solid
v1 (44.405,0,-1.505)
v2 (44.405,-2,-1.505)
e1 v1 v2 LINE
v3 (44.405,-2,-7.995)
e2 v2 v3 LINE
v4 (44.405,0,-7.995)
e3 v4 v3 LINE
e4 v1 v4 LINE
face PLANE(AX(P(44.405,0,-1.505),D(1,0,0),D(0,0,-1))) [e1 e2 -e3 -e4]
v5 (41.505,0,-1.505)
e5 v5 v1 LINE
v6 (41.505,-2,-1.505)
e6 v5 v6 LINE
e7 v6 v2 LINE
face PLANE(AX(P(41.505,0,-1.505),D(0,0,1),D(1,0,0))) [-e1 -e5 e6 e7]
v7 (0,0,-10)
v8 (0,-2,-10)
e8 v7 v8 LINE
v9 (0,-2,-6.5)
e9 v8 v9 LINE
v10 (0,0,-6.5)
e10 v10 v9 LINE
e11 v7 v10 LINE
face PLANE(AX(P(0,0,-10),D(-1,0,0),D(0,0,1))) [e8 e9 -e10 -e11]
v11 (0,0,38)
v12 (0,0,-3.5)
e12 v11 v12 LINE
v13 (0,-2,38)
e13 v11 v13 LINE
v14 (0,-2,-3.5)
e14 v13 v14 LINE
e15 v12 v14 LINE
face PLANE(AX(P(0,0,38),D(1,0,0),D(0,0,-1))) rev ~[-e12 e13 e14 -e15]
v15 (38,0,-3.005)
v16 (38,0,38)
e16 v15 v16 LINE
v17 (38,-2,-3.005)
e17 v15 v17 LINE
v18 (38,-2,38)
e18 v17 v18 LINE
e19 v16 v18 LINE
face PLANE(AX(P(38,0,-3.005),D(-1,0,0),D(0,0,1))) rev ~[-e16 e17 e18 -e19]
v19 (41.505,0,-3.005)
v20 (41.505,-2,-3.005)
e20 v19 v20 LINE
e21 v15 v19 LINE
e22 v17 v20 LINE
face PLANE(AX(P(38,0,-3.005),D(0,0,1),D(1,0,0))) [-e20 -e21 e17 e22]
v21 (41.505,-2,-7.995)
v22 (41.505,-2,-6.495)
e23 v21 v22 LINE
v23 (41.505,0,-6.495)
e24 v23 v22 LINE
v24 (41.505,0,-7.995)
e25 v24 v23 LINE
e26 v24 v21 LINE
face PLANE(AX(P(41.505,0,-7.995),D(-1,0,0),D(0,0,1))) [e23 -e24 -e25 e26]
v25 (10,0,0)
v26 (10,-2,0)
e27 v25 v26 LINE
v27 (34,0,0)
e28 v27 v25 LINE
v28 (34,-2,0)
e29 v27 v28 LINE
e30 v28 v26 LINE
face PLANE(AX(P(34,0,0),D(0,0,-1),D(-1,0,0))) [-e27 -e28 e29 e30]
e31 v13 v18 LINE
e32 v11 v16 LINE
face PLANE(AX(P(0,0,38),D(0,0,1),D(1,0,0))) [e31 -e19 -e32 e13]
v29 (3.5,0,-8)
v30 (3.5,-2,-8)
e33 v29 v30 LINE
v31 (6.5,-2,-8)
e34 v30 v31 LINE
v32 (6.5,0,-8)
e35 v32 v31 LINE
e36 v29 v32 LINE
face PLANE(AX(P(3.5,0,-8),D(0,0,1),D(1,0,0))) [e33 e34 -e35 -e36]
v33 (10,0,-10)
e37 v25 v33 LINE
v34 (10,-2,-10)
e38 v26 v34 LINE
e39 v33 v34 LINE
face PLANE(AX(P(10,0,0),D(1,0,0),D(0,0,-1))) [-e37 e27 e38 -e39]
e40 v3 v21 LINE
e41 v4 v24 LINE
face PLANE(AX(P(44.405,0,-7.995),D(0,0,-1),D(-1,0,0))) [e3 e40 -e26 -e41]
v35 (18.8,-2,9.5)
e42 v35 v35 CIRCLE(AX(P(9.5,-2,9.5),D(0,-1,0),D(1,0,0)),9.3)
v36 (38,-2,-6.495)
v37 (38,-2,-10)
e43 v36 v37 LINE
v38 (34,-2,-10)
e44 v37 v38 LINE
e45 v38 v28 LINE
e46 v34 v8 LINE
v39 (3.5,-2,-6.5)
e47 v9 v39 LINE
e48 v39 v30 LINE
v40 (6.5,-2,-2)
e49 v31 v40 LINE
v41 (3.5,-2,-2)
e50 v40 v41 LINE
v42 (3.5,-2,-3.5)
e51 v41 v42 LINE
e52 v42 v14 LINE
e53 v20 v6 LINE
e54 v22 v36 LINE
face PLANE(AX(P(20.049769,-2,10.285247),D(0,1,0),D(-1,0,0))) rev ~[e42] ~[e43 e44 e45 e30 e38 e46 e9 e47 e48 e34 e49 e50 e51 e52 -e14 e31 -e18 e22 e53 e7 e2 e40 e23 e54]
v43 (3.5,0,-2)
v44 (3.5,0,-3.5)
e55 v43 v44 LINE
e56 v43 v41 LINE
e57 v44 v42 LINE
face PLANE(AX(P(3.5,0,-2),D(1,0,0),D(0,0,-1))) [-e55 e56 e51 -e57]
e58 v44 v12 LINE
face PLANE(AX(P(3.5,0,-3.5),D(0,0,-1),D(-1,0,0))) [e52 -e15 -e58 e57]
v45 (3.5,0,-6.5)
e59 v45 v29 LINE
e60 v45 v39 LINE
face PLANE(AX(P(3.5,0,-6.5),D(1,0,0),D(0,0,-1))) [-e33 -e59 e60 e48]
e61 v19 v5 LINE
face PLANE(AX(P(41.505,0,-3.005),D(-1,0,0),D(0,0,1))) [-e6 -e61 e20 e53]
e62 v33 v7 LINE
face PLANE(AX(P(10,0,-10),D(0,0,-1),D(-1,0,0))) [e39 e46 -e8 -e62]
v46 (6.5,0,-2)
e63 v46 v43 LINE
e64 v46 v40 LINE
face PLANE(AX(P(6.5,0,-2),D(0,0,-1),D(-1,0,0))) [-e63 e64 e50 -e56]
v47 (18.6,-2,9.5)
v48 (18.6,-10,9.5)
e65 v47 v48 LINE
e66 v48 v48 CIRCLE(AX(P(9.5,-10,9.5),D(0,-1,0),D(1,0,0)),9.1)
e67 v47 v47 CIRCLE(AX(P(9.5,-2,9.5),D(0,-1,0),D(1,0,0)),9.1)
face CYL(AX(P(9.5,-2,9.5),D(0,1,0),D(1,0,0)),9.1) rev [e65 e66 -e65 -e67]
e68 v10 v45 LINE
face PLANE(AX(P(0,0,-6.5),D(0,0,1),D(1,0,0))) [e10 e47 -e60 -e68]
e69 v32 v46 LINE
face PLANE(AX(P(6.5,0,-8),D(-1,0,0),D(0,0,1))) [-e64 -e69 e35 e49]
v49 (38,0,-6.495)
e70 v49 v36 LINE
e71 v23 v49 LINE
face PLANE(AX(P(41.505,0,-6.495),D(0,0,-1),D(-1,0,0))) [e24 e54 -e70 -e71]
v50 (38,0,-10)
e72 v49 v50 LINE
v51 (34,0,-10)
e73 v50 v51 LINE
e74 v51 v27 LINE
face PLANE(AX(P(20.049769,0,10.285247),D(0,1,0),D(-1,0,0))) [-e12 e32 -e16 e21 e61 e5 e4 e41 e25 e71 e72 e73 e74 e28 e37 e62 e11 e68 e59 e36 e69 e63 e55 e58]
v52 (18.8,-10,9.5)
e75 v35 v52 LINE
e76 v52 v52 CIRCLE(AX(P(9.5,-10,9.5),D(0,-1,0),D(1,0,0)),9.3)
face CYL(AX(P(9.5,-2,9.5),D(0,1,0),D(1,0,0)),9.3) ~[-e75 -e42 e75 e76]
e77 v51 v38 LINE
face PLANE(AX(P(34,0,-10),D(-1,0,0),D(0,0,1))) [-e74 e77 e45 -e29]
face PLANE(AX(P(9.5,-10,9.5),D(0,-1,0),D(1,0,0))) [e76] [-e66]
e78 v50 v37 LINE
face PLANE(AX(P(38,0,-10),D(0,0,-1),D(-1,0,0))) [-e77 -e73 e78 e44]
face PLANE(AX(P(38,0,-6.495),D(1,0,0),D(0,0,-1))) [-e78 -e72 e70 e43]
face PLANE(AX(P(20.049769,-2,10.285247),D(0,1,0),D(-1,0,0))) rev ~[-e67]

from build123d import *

# Parameters (mm, degrees)
PAD_DEPTH     = 2
SKETCH001_R   = 9.3
SKETCH001_R_2 = 9.1
PAD001_DEPTH  = 8


with BuildPart() as part:
    # Sketch → Pad (new body)
    with BuildSketch(Plane.XZ):
        Polygon((10, 0), (10, -10), (0, -10), (0, -6.5), (3.5, -6.5), (3.5, -8), (6.5, -8), (6.5, -2), (3.5, -2), (3.5, -3.5), (0, -3.5), (0, 0), (0, 38), (38, 38), (38, 0.5), (38, -3.005), (41.505, -3.005), (41.505, -1.505), (44.405, -1.505), (44.405, -7.995), (41.505, -7.995), (41.505, -6.495), (38, -6.495), (38, -10), (34, -10), (34, 0), align=None)
    extrude(amount=PAD_DEPTH)

    # Sketch001 (on Face28 of Pad) → Pad001 (join)
    with BuildSketch(Plane.XZ.offset(2)):
        with Locations((9.5, 9.5)):
            Circle(SKETCH001_R)
        with Locations((9.5, 9.5)):
            Circle(SKETCH001_R_2, mode=Mode.SUBTRACT)
    extrude(amount=PAD001_DEPTH)


solid = part.part
